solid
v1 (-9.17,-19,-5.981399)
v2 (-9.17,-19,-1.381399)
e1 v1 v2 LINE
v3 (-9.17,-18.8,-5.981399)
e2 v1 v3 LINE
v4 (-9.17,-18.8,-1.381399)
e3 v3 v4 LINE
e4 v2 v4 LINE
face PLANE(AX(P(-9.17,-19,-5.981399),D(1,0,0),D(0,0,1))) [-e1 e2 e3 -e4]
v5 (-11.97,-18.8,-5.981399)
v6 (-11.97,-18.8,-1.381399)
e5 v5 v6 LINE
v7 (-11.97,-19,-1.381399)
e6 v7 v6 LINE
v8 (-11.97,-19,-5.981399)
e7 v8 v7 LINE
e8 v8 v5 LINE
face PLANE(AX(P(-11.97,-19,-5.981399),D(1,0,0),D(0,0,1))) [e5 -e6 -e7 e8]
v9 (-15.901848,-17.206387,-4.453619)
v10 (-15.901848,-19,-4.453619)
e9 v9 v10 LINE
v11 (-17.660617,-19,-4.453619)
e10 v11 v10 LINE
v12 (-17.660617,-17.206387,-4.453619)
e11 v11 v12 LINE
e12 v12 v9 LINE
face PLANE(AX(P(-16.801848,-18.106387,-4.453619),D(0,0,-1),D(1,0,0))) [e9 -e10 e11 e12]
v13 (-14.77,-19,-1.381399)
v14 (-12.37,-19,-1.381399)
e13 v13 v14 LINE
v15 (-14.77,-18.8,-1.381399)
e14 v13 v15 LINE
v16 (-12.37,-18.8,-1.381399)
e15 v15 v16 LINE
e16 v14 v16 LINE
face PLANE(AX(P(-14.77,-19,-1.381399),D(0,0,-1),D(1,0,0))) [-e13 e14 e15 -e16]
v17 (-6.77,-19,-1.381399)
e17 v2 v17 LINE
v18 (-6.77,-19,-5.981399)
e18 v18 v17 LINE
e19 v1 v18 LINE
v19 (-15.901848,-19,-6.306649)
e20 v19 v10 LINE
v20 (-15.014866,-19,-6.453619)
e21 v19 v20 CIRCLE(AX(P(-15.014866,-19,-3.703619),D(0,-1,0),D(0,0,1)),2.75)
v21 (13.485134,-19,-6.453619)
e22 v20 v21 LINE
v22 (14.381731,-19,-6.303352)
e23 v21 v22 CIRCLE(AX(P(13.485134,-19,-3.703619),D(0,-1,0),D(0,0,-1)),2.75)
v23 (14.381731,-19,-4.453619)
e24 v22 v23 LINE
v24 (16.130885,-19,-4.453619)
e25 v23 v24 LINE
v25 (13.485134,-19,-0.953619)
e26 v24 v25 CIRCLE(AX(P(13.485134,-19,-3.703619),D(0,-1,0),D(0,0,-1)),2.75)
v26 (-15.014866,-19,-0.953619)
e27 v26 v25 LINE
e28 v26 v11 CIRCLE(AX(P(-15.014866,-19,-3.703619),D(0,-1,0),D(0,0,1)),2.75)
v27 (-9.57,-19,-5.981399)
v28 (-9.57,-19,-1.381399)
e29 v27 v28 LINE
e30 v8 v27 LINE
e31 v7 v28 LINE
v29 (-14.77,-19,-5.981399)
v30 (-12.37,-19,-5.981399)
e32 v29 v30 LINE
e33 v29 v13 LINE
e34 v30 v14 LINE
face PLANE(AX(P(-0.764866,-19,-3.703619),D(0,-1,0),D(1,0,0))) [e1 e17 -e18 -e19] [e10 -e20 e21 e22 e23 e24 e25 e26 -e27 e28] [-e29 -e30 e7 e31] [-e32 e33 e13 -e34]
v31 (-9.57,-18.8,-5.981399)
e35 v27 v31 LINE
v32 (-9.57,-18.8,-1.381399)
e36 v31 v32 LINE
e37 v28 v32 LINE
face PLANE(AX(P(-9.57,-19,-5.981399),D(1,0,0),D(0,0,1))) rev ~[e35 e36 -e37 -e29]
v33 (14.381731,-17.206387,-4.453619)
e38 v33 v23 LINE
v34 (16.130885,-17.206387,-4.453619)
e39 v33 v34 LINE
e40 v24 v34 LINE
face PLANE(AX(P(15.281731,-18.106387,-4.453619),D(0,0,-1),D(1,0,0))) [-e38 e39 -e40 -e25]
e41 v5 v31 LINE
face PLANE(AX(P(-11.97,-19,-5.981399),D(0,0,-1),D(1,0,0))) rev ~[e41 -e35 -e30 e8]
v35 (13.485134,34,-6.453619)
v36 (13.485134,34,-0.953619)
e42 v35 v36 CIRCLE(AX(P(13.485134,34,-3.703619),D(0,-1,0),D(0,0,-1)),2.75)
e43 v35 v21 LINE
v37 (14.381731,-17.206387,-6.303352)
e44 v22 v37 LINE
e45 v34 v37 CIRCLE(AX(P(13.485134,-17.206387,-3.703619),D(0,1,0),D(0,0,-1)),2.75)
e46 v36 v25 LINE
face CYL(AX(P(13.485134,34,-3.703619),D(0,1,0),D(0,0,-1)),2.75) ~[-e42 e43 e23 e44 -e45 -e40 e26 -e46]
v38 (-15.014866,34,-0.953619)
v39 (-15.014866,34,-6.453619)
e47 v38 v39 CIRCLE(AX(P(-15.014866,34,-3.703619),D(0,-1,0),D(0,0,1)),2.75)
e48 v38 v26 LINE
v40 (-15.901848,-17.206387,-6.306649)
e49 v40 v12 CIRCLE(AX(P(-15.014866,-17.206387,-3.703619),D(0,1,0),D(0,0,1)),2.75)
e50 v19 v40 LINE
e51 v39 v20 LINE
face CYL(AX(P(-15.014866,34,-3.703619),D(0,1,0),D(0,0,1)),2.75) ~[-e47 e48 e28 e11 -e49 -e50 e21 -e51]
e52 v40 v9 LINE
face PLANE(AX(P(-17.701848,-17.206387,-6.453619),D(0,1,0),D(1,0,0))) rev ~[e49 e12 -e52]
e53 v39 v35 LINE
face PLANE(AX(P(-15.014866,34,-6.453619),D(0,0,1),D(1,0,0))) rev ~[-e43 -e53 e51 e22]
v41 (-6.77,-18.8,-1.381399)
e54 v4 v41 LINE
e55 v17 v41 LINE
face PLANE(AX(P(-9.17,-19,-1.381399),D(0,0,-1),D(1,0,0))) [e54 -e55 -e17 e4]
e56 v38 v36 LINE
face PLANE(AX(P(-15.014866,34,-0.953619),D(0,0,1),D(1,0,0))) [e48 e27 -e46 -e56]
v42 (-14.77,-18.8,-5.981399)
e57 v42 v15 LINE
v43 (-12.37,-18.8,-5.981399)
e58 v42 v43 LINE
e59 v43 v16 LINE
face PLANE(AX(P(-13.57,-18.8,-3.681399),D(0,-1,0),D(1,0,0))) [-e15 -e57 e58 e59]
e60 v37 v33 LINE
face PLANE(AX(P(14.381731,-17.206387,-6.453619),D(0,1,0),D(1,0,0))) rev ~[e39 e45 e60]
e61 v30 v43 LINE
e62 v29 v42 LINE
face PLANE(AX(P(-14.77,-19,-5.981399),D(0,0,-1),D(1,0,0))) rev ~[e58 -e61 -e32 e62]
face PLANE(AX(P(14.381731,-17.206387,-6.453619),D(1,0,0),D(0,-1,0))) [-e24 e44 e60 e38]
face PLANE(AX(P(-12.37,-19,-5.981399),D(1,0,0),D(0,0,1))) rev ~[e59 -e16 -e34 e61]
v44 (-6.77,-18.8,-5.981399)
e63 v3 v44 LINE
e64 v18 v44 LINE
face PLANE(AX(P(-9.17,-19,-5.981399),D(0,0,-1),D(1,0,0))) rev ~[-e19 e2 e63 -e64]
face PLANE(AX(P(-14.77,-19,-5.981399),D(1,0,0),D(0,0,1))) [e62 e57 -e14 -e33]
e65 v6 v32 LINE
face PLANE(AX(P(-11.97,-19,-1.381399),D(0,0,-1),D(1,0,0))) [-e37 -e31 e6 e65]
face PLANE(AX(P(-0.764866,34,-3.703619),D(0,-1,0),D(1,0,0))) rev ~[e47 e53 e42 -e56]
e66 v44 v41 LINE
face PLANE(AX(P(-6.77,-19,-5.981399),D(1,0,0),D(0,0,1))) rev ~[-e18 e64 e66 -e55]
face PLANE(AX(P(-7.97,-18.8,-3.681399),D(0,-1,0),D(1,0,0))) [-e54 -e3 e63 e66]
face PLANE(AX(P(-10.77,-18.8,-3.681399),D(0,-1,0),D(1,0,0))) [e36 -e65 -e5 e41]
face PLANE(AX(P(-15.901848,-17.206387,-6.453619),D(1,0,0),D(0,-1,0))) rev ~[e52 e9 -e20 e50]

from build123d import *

# Parameters (mm, degrees)
PAD025_DEPTH    = 53
SKETCH054_W     = 1.8
SKETCH054_H     = 1.8
POCKET026_DEPTH = 2
SKETCH119_W     = 2.4
SKETCH119_H     = 4.6
POCKET052_DEPTH = 0.2


with BuildPart() as part:
    # Sketch052 → Pad025 (new body)
    with BuildSketch(Plane.XZ):
        with BuildLine():
            ThreePointArc((-14.414866, 3.546381), (-17.164866, 0.796381), (-14.414866, -1.953619))
            Line((-14.414866, -1.953619), (14.085134, -1.953619))
            ThreePointArc((14.085134, -1.953619), (16.835134, 0.796381), (14.085134, 3.546381))
            Line((-14.414866, 3.546381), (14.085134, 3.546381))
        make_face()
    extrude(amount=PAD025_DEPTH)

    # Sketch054 (on Face2 of Pad025) → Pocket026 (cut)
    with BuildSketch(Plane(origin=(0, 0, -1.953619), x_dir=(1, 0, 0), z_dir=(0, 0, -1))):
        with Locations((-16.201848, 52.106387)):
            Rectangle(SKETCH054_W, SKETCH054_H)
        with Locations((15.881731, 52.106387)):
            Rectangle(SKETCH054_W, SKETCH054_H)
    extrude(amount=-POCKET026_DEPTH, mode=Mode.SUBTRACT)

    # Sketch119 (on Face4 of Pocket026) → Pocket052 (cut)
    with BuildSketch(Plane.XZ.offset(53)):
        with Locations((-12.97, 0.818601)):
            Rectangle(SKETCH119_W, SKETCH119_H)
        with Locations((-10.17, 0.818601)):
            Rectangle(SKETCH119_W, SKETCH119_H)
        with Locations((-7.37, 0.818601)):
            Rectangle(SKETCH119_W, SKETCH119_H)
    extrude(amount=-POCKET052_DEPTH, mode=Mode.SUBTRACT)


with BuildPart() as part_1:
    # Body007 placement: moved
    add(part.part.moved(Location((-0.6, 34, -4.5))))


solid = part_1.part
